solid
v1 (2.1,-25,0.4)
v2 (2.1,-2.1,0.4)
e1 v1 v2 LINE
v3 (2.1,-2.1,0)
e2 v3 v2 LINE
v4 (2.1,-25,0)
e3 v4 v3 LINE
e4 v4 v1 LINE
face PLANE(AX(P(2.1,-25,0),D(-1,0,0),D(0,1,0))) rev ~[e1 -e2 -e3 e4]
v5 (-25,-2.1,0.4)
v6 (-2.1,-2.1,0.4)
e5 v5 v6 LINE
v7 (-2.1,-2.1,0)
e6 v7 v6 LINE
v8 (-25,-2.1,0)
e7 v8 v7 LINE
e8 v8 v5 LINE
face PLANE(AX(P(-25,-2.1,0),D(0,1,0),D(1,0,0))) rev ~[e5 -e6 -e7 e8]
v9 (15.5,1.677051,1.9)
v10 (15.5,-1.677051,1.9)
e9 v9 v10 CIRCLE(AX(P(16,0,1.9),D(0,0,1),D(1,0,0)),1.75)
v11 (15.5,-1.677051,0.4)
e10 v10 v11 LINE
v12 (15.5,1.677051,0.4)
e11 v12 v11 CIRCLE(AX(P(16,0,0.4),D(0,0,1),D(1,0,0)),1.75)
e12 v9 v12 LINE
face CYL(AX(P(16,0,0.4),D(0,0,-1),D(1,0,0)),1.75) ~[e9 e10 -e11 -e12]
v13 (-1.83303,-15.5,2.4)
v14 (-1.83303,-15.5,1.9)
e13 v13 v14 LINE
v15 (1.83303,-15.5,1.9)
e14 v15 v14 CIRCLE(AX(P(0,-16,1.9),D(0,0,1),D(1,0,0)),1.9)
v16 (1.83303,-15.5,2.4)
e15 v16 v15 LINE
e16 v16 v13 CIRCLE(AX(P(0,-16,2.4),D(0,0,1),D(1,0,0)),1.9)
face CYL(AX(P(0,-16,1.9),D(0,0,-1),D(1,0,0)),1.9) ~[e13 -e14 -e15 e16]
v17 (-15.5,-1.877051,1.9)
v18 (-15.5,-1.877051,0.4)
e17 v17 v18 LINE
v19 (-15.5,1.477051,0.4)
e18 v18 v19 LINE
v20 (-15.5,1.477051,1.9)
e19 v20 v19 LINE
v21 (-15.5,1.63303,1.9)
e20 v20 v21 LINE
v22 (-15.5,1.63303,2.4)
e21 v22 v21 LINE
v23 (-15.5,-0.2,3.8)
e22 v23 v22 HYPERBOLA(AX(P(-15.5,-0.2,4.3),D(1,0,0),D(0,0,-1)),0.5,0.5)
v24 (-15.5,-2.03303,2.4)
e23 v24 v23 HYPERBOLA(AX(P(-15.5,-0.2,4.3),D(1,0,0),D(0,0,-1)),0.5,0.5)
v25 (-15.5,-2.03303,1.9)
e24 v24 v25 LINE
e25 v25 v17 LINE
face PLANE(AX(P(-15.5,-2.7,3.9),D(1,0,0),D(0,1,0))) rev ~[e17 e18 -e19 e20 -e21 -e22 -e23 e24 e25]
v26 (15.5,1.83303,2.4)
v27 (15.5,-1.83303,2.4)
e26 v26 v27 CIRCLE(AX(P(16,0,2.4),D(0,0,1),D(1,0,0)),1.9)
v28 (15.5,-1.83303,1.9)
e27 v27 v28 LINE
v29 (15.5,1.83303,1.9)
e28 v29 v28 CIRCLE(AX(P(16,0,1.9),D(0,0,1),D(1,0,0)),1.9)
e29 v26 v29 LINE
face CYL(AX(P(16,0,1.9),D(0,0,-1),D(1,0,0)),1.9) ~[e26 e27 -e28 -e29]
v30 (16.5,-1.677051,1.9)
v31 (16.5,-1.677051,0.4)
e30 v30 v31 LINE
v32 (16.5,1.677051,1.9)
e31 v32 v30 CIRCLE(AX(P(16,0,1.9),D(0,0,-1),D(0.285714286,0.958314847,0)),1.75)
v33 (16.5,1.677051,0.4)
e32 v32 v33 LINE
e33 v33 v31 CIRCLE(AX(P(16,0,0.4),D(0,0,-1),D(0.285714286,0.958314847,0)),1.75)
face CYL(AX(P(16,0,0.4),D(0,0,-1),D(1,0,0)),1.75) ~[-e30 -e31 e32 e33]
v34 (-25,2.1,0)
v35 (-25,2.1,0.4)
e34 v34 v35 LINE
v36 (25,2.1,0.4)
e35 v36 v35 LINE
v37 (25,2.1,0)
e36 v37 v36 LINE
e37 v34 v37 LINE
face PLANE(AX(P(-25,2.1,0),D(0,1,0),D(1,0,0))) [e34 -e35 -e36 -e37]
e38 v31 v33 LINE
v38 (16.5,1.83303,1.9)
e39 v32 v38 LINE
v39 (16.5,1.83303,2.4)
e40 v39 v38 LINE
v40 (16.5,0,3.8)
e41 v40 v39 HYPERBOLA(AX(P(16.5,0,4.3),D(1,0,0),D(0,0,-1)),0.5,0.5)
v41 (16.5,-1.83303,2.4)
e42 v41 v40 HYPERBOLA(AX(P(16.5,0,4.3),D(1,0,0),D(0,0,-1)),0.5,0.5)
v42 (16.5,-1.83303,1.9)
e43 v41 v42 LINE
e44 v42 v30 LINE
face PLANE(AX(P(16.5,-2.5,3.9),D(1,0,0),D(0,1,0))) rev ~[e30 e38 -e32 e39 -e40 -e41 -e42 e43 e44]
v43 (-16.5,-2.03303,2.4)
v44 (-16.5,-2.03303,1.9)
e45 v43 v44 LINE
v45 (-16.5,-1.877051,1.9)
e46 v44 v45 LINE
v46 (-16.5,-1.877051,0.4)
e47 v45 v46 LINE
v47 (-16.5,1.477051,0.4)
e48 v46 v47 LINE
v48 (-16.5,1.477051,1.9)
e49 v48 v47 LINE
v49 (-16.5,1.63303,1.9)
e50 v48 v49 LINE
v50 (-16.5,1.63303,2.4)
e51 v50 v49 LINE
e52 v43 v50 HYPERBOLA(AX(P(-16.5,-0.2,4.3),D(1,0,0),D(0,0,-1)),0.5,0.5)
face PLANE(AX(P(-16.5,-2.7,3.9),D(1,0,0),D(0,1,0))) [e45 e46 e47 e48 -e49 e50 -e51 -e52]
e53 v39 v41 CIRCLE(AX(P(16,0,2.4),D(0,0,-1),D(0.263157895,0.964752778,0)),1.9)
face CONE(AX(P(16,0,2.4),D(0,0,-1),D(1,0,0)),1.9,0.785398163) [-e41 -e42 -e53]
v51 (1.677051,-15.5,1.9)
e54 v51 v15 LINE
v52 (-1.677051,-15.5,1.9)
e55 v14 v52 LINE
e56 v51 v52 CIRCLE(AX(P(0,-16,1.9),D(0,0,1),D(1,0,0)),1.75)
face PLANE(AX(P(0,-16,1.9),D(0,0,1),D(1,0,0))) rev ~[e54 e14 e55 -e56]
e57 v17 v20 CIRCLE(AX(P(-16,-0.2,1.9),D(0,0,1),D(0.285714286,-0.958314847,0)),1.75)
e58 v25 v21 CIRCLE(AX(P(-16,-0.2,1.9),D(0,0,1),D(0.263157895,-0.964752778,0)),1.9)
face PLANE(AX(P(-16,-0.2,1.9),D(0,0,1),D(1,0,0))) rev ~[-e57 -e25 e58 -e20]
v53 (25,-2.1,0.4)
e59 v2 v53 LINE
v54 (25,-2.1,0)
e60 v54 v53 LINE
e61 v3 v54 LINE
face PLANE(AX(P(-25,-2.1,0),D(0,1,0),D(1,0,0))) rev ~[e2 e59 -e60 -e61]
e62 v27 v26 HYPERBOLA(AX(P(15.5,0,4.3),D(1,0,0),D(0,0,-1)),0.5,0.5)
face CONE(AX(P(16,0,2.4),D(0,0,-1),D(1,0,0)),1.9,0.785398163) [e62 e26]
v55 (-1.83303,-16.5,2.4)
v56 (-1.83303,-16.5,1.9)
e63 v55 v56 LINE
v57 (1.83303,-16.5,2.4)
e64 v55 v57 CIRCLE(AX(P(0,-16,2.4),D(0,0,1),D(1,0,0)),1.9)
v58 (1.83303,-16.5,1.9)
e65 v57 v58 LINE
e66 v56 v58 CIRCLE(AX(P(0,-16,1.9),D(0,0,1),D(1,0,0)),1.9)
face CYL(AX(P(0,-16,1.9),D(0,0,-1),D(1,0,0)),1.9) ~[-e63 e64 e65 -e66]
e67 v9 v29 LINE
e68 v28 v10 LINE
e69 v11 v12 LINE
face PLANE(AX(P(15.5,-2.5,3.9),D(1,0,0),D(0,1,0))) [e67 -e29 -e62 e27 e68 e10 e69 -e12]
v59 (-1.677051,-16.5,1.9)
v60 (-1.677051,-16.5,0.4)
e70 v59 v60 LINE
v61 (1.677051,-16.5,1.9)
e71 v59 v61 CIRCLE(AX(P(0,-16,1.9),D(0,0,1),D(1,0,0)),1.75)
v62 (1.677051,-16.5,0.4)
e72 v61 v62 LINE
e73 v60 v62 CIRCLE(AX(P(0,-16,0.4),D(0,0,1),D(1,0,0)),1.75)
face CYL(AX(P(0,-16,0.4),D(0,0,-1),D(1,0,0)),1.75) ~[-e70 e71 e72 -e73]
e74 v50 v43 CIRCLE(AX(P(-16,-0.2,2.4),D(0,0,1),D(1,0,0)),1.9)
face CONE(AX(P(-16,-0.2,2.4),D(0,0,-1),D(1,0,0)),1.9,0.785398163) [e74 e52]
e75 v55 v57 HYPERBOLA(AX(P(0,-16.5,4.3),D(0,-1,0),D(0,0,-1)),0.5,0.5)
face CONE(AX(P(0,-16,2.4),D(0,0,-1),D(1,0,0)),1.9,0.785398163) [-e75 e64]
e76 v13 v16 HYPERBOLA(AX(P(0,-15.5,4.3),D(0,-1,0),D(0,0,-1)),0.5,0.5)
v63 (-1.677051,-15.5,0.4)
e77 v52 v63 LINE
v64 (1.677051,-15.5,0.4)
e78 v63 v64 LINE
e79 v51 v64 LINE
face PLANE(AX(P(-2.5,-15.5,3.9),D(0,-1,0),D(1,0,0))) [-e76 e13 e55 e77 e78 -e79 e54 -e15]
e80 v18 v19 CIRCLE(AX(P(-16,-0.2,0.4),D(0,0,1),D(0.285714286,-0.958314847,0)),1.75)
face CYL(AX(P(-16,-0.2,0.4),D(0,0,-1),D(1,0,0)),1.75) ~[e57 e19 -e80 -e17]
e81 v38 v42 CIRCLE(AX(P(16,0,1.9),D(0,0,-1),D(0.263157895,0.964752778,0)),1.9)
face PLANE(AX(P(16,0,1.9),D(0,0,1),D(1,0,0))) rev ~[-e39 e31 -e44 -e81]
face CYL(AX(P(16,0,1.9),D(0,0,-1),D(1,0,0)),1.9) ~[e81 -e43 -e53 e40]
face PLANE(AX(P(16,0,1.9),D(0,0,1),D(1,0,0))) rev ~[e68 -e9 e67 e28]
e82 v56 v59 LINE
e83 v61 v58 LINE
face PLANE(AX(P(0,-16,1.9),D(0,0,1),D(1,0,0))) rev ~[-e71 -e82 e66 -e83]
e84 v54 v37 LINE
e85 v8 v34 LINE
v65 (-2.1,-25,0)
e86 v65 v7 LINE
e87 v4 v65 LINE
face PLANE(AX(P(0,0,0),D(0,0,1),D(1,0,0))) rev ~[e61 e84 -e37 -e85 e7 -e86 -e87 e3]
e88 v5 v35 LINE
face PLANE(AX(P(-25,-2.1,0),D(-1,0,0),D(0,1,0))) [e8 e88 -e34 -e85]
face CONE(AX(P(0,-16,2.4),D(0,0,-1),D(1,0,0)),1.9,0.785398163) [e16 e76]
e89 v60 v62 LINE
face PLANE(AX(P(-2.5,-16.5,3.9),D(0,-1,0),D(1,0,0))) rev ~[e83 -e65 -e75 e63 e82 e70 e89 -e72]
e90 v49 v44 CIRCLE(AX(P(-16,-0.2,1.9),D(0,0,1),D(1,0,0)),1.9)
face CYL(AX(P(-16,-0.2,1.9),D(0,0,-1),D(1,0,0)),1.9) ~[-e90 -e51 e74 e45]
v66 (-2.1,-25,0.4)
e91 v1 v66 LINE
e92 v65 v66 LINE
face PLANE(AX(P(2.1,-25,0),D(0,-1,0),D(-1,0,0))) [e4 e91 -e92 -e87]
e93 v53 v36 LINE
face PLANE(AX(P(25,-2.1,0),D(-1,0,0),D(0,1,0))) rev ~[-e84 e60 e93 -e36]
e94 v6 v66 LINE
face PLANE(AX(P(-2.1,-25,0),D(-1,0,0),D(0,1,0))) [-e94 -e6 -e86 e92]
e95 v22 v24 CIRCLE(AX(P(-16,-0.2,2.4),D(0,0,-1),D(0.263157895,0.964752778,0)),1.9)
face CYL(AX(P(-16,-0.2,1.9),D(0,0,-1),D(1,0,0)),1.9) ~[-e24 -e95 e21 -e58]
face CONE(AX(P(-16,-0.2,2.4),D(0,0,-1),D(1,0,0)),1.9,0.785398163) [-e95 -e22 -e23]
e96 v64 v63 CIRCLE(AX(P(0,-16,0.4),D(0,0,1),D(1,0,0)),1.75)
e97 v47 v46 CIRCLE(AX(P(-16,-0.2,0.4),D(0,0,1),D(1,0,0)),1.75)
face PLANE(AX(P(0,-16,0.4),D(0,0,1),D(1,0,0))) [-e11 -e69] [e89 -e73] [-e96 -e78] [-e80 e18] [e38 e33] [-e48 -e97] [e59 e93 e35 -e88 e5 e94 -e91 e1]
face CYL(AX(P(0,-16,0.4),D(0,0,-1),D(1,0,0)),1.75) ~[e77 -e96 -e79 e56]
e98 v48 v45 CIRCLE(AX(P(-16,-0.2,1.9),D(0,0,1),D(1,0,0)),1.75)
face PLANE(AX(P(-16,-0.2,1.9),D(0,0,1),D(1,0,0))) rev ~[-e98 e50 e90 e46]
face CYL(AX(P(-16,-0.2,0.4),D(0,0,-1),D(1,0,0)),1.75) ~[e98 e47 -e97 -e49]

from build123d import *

# Parameters (mm, degrees)
SKICA2_W                 = 50
SKICA2_H                 = 4.2
P_IDAT_VYSUNUT_M2_DEPTH  = 0.4
SKICA3_R                 = 1.75
P_IDAT_VYSUNUT_M3_DEPTH  = 1.5
SKICA5_R                 = 1.9
P_IDAT_VYSUNUT_M5_DEPTH  = 2
ZKOSEN_2_SIZE            = 1.5
SKICA7_W                 = 1
SKICA7_H                 = 5
ODEBRAT_VYSUNUT_M1_DEPTH = 3.5
SKICA8_W                 = 4.2
SKICA8_H                 = 22.9
P_IDAT_VYSUNUT_M6_DEPTH  = 0.4
SKICA9_R                 = 1.75
P_IDAT_VYSUNUT_M7_DEPTH  = 1.5
SKICA10_R                = 1.9
P_IDAT_VYSUNUT_M8_DEPTH  = 2
ZKOSEN_3_SIZE            = 1.5
SKICA12_W                = 5
SKICA12_H                = 1
ODEBRAT_VYSUNUT_M2_DEPTH = 3.5


with BuildPart() as part:
    # Skica2 → Přidat vysunutím2 (new body)
    with BuildSketch(Plane.XY):
        Rectangle(SKICA2_W, SKICA2_H)
    extrude(amount=P_IDAT_VYSUNUT_M2_DEPTH)

    # Skica3 → Přidat vysunutím3 (add)
    with BuildSketch(Plane.XY.offset(0.4)):
        with Locations((-16, -0.2)):
            Circle(SKICA3_R)
        with Locations((16, 0)):
            Circle(SKICA3_R)
    extrude(amount=P_IDAT_VYSUNUT_M3_DEPTH)

    # Skica5 → Přidat vysunutím5 (add)
    with BuildSketch(Plane.XY.offset(1.9)):
        with Locations((-16, -0.2)):
            Circle(SKICA5_R)
        with Locations((16, 0)):
            Circle(SKICA5_R)
    extrude(amount=P_IDAT_VYSUNUT_M5_DEPTH)

    # Zkosení2
    zkosen_2_edges = [part.edges().sort_by_distance(p)[0] for p in [
        (-17.9, -0.2, 3.9),
        (14.1, 0, 3.9),
    ]]
    chamfer(zkosen_2_edges, length=ZKOSEN_2_SIZE)

    # Skica7 → Odebrat vysunutím1 (cut)
    with BuildSketch(Plane.XY.offset(3.9)):
        with Locations((-16, -0.2)):
            Rectangle(SKICA7_W, SKICA7_H)
        with Locations((16, 0)):
            Rectangle(SKICA7_W, SKICA7_H)
    extrude(amount=-ODEBRAT_VYSUNUT_M1_DEPTH, mode=Mode.SUBTRACT)

    # Skica8 → Přidat vysunutím6 (add)
    with BuildSketch(Plane(origin=(0, 0, 0), x_dir=(-1, 0, 0), z_dir=(0, 0, -1))):
        with Locations((0, -13.55)):
            Rectangle(SKICA8_W, SKICA8_H)
    extrude(amount=-P_IDAT_VYSUNUT_M6_DEPTH)

    # Skica9 → Přidat vysunutím7 (add)
    with BuildSketch(Plane.XY.offset(0.4)):
        with Locations((0, -16)):
            Circle(SKICA9_R)
    extrude(amount=P_IDAT_VYSUNUT_M7_DEPTH)

    # Skica10 → Přidat vysunutím8 (add)
    with BuildSketch(Plane.XY.offset(1.9)):
        with Locations((0, -16)):
            Circle(SKICA10_R)
    extrude(amount=P_IDAT_VYSUNUT_M8_DEPTH)

    # Zkosení3
    zkosen_3_edges = [part.edges().sort_by_distance(p)[0] for p in [
        (-1.9, -16, 3.9),
    ]]
    chamfer(zkosen_3_edges, length=ZKOSEN_3_SIZE)

    # Skica12 → Odebrat vysunutím2 (cut)
    with BuildSketch(Plane.XY.offset(3.9)):
        with Locations((0, -16)):
            Rectangle(SKICA12_W, SKICA12_H)
    extrude(amount=-ODEBRAT_VYSUNUT_M2_DEPTH, mode=Mode.SUBTRACT)


solid = part.part
